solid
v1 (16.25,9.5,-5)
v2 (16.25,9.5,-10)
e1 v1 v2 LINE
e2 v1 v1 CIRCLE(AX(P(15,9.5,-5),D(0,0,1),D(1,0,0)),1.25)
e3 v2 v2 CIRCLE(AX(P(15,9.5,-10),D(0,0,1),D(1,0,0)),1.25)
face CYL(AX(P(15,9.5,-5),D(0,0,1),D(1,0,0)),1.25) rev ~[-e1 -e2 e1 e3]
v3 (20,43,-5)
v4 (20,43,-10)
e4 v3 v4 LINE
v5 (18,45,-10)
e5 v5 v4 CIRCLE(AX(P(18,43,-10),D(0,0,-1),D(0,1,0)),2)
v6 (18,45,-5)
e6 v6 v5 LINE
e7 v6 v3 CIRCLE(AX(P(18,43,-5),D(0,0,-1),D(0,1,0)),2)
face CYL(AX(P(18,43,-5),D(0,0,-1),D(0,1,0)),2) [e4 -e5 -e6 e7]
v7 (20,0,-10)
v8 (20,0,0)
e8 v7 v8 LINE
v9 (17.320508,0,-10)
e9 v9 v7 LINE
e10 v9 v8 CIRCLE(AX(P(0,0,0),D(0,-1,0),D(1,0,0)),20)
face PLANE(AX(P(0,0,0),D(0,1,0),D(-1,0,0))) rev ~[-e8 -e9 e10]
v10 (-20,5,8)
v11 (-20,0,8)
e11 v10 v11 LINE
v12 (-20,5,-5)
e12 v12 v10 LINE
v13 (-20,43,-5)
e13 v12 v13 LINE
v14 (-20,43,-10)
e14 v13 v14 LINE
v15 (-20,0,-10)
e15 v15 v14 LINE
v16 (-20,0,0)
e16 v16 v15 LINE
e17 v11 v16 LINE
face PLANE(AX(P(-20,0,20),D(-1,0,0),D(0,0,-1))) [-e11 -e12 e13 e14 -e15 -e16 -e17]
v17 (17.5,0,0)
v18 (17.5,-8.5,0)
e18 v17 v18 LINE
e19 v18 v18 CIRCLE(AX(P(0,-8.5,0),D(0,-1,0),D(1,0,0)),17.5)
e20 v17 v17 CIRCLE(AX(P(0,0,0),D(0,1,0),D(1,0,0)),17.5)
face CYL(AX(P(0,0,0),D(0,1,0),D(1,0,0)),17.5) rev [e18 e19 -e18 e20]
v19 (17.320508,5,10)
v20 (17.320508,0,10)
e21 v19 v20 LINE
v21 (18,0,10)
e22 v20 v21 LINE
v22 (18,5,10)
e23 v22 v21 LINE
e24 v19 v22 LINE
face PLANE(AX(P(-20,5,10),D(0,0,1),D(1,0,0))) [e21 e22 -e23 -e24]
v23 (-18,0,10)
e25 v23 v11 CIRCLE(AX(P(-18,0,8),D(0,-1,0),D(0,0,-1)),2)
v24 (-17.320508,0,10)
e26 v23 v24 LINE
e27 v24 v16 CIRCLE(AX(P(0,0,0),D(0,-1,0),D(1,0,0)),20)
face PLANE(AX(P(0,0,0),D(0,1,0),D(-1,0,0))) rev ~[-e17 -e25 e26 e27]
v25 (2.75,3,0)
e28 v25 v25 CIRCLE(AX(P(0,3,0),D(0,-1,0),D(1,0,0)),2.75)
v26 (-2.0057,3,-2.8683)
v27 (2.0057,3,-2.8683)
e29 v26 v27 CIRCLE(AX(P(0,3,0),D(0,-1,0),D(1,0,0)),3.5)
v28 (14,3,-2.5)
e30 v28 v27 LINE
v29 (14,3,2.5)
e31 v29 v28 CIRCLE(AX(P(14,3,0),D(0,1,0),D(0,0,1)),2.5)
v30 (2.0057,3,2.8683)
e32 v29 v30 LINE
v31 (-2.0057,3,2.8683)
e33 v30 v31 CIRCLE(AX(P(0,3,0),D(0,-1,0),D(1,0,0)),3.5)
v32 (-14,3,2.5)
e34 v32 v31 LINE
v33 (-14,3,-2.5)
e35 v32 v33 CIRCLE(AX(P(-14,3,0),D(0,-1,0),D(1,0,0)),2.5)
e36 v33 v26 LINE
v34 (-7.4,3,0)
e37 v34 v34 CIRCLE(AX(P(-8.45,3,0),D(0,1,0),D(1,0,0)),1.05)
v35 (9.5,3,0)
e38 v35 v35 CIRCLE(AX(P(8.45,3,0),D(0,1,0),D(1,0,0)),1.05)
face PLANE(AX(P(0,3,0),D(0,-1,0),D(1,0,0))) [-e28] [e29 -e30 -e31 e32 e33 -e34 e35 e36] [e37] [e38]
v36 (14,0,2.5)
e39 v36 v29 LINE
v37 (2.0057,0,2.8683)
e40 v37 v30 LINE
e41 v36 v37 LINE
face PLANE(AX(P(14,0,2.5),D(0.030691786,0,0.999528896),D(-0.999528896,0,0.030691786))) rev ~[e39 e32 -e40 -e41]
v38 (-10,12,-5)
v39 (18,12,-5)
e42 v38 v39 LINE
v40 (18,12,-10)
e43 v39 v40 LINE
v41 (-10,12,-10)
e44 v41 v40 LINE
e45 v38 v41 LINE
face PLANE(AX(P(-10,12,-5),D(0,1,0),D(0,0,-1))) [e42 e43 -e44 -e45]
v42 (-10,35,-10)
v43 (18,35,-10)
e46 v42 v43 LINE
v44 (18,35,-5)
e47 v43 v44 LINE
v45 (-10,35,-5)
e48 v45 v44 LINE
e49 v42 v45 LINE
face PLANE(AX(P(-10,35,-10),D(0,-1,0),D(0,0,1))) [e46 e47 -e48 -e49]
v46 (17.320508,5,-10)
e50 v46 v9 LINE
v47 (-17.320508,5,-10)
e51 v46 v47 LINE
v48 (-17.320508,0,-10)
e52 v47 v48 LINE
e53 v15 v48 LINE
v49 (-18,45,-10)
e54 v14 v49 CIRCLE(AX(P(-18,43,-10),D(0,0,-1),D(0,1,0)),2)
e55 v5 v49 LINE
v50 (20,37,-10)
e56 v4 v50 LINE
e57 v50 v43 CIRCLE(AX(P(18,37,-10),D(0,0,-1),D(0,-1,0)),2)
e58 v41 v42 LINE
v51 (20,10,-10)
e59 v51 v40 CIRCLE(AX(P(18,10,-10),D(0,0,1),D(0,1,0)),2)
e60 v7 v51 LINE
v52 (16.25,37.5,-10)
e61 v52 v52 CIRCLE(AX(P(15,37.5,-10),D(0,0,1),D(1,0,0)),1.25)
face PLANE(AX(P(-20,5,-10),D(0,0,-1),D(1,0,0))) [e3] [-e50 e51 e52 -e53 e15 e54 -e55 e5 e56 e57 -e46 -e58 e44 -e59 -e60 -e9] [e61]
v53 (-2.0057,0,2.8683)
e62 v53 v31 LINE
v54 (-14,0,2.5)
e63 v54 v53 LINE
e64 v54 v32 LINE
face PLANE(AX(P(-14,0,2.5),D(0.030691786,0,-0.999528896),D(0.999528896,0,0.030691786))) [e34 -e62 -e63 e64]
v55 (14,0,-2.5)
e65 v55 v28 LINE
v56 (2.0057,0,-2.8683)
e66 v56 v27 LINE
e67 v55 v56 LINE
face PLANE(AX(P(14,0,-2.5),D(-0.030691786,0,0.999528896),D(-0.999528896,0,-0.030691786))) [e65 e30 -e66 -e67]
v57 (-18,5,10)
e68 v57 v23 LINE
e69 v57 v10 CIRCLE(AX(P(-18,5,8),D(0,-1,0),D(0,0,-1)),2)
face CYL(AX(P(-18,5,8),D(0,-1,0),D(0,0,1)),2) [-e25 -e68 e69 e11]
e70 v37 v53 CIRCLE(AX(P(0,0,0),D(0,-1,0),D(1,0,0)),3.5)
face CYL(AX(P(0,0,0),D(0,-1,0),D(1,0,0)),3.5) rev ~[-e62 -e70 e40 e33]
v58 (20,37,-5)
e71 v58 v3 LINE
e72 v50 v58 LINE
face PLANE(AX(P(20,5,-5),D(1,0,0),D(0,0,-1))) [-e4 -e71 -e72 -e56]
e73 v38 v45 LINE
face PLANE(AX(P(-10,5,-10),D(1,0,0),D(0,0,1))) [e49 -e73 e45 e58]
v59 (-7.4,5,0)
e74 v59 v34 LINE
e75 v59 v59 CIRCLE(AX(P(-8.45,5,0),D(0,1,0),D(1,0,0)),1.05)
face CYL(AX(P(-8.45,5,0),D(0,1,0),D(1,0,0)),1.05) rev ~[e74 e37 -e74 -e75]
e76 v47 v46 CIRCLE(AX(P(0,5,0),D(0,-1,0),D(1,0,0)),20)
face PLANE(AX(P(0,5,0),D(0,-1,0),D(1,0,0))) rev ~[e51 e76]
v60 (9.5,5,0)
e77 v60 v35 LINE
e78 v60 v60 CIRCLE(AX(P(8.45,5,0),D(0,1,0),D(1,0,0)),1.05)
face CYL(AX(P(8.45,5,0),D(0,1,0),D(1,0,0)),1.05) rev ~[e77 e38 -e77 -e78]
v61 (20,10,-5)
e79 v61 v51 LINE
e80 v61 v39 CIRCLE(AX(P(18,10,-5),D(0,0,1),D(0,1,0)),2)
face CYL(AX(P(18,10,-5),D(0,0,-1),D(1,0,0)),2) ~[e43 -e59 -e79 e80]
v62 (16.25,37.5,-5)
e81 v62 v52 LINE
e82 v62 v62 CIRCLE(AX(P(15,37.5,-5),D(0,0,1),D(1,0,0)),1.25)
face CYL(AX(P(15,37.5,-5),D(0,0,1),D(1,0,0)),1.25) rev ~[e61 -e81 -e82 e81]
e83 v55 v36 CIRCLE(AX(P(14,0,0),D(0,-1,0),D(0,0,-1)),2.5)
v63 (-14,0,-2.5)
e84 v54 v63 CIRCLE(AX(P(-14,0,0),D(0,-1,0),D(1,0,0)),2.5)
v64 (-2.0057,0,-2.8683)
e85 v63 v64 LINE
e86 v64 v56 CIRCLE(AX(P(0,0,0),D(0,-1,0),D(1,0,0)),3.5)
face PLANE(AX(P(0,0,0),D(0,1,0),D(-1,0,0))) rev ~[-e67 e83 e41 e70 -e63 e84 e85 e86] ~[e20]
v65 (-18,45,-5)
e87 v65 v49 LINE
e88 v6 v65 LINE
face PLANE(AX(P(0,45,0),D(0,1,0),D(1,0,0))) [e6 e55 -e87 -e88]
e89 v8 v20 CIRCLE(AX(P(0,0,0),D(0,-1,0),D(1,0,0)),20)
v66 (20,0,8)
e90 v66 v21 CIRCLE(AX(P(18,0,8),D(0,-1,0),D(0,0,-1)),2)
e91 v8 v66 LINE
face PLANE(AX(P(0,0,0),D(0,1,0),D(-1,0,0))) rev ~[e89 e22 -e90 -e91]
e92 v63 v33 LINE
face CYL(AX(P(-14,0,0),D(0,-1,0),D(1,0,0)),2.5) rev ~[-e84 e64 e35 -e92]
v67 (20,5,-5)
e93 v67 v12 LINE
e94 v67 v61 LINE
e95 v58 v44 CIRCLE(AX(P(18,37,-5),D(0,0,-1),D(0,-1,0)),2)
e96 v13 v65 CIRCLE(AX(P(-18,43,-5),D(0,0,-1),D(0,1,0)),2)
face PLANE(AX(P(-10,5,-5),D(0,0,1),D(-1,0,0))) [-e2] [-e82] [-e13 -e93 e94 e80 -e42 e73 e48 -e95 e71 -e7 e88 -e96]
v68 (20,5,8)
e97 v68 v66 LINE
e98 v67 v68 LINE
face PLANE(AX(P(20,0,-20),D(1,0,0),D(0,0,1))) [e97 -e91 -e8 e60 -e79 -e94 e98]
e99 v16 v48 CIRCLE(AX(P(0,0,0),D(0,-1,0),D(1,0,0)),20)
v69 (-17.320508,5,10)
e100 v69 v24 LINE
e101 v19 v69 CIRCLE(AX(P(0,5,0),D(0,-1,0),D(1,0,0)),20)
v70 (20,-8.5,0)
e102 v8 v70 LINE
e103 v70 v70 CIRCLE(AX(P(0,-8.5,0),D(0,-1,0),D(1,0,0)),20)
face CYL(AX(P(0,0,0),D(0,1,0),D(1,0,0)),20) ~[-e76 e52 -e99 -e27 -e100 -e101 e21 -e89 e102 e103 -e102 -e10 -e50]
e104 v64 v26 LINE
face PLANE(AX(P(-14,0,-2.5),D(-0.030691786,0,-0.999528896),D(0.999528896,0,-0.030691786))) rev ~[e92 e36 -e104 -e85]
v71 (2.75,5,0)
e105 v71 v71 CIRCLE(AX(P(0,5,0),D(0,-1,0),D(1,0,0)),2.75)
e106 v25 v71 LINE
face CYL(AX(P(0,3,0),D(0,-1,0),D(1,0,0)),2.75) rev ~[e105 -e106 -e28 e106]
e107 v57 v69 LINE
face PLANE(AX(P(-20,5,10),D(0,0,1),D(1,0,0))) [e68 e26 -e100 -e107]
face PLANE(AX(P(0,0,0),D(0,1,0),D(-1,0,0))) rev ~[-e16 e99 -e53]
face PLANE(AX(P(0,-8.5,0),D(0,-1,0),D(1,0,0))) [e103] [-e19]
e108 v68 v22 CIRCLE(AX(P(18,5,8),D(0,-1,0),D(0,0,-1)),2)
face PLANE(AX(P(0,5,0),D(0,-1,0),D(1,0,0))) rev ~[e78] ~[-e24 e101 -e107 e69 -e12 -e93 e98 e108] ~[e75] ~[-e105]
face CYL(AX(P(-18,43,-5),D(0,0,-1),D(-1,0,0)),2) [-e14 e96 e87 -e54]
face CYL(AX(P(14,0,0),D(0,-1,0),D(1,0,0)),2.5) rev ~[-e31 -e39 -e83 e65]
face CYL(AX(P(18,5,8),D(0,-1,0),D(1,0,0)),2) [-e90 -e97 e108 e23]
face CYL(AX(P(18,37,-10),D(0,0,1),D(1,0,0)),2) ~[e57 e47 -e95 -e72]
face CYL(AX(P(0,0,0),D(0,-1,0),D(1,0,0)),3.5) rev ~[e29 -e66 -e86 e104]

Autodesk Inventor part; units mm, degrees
ref_plane "YZ Plane" through (0, 0, 0) normal (1, 0, 0) x (0, 1, 0)
ref_plane "XZ Plane" through (0, 0, 0) normal (0, 1, 0) x (-1, 0, 0)
ref_plane "XY Plane" through (0, 0, 0) normal (0, 0, 1) x (1, 0, 0)
sketch "Sketch1" plane through (0, 0, 0) normal (0, 1, 0) x (-1, 0, 0)
  line L0 (-20, 20) -> (20, 20)
  line L1 (20, 20) -> (20, -20)
  line L2 (20, -20) -> (-20, -20)
  line L3 (-20, -20) -> (-20, 20)
  line L4 (-20, 20) -> (20, -20) construction
  line L5 (20, 20) -> (-20, -20) construction
  point P0 (0, 0)
  dimension "d0" = 40
  dimension "d1" = 40
extrude "Extrusion1" add sketch "Sketch1" along normal blind 5
sketch "Sketch4" plane through (0, 5, 0) normal (0, 1, 0) x (1, 0, 0)
  line L0 (-20, 10) -> (-10, 10)
  line L1 (-10, 10) -> (-10, 5)
  line L2 (-10, 5) -> (-20, 5)
  line L3 (-20, 5) -> (-20, 10)
  line L4 (-20, 10) -> (-10, 5) construction
  line L5 (-10, 10) -> (-20, 5) construction
  line L6 (-20, -20) -> (20, -20) projected
  line L7 (20, -20) -> (20, 20) projected
  line L8 (-20, 20) -> (-20, -20) projected
  point P0 (-15, 7.5)
  dimension "d20" = 10
  dimension "d21" = 5
  dimension "d23" = 25
extrude "Extrusion4" add sketch "Sketch4" along normal blind 40
sketch "Sketch8" plane through (-10, 5, -5) normal (1, 0, 0) x (0, 0, -1)
  line L0 (0, 40) -> (5, 40)
  line L1 (5, 40) -> (5, 30)
  line L2 (5, 30) -> (0, 30)
  line L3 (0, 30) -> (0, 40)
  line L4 (0, 7) -> (5, 7)
  line L5 (5, 7) -> (5, 0)
  line L6 (5, 0) -> (0, 0)
  line L7 (0, 0) -> (0, 7)
  line L8 (5, 0) -> (5, 40) projected
  line L9 (0, 40) -> (5, 40) projected
  point P0 (-5, -5)
  dimension "d44" = 5
  dimension "d45" = 10
  dimension "d46" = 5
  dimension "d47" = 7
  dimension "d48" = 23
extrude "Extrusion7" add sketch "Sketch8" along normal blind 30
sketch "Sketch9" plane through (-20, 5, -5) normal (0, 0, 1) x (1, 0, 0)
  circle A0 centre (35, 32.5) radius 1.25
  circle A1 centre (35, 4.5) radius 1.25
  line L0 (10, 30) -> (40, 30) projected
  line L1 (40, 40) -> (40, 30) projected
  line L2 (40, 7) -> (40, 0) projected
  point P0 (20, -5)
  dimension "d51" = 2.5
  dimension "d52" = 2.5
  dimension "d53" = 28
  dimension "d54" = 2.5
  dimension "d55" = 5
  dimension "d56" = 5
extrude "Extrusion8" cut sketch "Sketch9" against normal blind 5
sketch "Sketch11" plane through (0, 5, 0) normal (0, 1, 0) x (1, 0, 0)
  line L0 (20, -20) -> (-20, -20)
  line L1 (-20, -20) -> (-20, -10)
  line L2 (-20, -10) -> (20, -10)
  line L3 (20, -10) -> (20, -20)
  line L4 (-20, 10) -> (20, 10)
  line L5 (20, 10) -> (20, 20)
  line L6 (20, 20) -> (-20, 20)
  line L7 (-20, 20) -> (-20, 10)
  line L8 (20, 20) -> (-20, 20) projected
  line L9 (-20, -20) -> (20, -20) projected
  line L10 (20, -20) -> (20, 5) projected
  line L11 (20, 10) -> (20, 20) projected
  point P0 (0, 0)
  dimension "d59" = 40
  dimension "d60" = 10
  dimension "d61" = 40
  dimension "d62" = 10
extrude "Extrusion9" cut sketch "Sketch11" against normal blind 5
sketch "Sketch12" plane through (0, 0, 0) normal (0, -1, 0) x (1, 0, 0)
  circle A0 centre (0, 0) radius 3.5
  circle A1 centre (14, 0) radius 2.5
  circle A2 centre (-14, 0) radius 2.5
  line L0 (-20, -10) -> (20, -10) projected
  line L1 (-14, 2.5) -> (-2.0057, 2.8683)
  line L2 (-14, -2.5) -> (-2.0057, -2.8683)
  line L3 (14, 2.5) -> (2.0057, 2.8683)
  line L4 (14, -2.5) -> (2.0057, -2.8683)
  dimension "d65" = 7
  dimension "d66" = 5
  dimension "d67" = 5
  dimension "d68" = 14
  dimension "d69" = 10
  dimension "d70" = 10
  dimension "d71" = 14
  dimension "d72" = 12
  dimension "d73" = 12
extrude "Extrusion10" cut sketch "Sketch12" against normal blind 3
sketch "Sketch13" plane through (0, 3, 0) normal (0, -1, 0) x (1, 0, 0)
  circle A0 centre (0, 0) radius 2.75
  dimension "d76" = 5.5
extrude "Extrusion11" cut sketch "Sketch13" against normal blind 3
fillet "Fillet1" radius 2 6 edges at (20, 45, -7.5) (20, 35, -7.5) (20, 12, -7.5) (20, 2.5, 10) (-20, 2.5, 10) (-20, 45, -7.5)
sketch "Sketch14" plane through (0, 0, 0) normal (0, -1, 0) x (1, 0, 0)
  circle A0 centre (0, 0) radius 17.5
  circle A1 centre (0, 0) radius 20
  dimension "d80" = 35
  dimension "d81" = 40
extrude "Extrusion12" add sketch "Sketch14" along normal blind 8.5
sketch "Sketch15" plane through (0, 0, 0) normal (0, -1, 0) x (1, 0, 0)
  circle A0 centre (0, 0) radius 17.5 projected
  arc A1 (2.0057, 2.8683) -> (-2.0057, 2.8683) centre (0, 0) ccw projected
  line L0 (2.0057, 2.8683) -> (14, 2.5) projected
  arc A2 (14, -2.5) -> (14, 2.5) centre (14, 0) ccw projected
  line L1 (14, -2.5) -> (2.0057, -2.8683) projected
  arc A3 (-2.0057, -2.8683) -> (2.0057, -2.8683) centre (0, 0) ccw projected
  line L2 (-2.0057, -2.8683) -> (-14, -2.5) projected
  arc A4 (-14, 2.5) -> (-14, -2.5) centre (-14, 0) ccw projected
  line L3 (-14, 2.5) -> (-2.0057, 2.8683) projected
  arc A5 (14.3614, -10) -> (14.3614, 10) centre (0, 0) ccw projected
  line L4 (14.3614, 10) -> (-14.3614, 10) projected
  arc A6 (-14.3614, 10) -> (-14.3614, -10) centre (0, 0) ccw projected
  line L5 (-14.3614, -10) -> (14.3614, -10) projected
  circle A7 centre (0, 0) radius 20 projected
  point P0 (14.3614, 10)
extrude "Extrusion13" add sketch "Sketch15" against normal blind 5 contours L4 A0 | A0 L5 | A7
sketch "Sketch16" plane through (0, 5, 0) normal (0, 1, 0) x (1, 0, 0)
  circle A0 centre (8.45, 0) radius 1.05
  circle A1 centre (-8.45, 0) radius 1.05
  point P0 (0, 0)
  dimension "d86" = 2.1
  dimension "d87" = 2.1
extrude "Extrusion14" cut sketch "Sketch16" against normal through all
properties part number "head_bottom"
